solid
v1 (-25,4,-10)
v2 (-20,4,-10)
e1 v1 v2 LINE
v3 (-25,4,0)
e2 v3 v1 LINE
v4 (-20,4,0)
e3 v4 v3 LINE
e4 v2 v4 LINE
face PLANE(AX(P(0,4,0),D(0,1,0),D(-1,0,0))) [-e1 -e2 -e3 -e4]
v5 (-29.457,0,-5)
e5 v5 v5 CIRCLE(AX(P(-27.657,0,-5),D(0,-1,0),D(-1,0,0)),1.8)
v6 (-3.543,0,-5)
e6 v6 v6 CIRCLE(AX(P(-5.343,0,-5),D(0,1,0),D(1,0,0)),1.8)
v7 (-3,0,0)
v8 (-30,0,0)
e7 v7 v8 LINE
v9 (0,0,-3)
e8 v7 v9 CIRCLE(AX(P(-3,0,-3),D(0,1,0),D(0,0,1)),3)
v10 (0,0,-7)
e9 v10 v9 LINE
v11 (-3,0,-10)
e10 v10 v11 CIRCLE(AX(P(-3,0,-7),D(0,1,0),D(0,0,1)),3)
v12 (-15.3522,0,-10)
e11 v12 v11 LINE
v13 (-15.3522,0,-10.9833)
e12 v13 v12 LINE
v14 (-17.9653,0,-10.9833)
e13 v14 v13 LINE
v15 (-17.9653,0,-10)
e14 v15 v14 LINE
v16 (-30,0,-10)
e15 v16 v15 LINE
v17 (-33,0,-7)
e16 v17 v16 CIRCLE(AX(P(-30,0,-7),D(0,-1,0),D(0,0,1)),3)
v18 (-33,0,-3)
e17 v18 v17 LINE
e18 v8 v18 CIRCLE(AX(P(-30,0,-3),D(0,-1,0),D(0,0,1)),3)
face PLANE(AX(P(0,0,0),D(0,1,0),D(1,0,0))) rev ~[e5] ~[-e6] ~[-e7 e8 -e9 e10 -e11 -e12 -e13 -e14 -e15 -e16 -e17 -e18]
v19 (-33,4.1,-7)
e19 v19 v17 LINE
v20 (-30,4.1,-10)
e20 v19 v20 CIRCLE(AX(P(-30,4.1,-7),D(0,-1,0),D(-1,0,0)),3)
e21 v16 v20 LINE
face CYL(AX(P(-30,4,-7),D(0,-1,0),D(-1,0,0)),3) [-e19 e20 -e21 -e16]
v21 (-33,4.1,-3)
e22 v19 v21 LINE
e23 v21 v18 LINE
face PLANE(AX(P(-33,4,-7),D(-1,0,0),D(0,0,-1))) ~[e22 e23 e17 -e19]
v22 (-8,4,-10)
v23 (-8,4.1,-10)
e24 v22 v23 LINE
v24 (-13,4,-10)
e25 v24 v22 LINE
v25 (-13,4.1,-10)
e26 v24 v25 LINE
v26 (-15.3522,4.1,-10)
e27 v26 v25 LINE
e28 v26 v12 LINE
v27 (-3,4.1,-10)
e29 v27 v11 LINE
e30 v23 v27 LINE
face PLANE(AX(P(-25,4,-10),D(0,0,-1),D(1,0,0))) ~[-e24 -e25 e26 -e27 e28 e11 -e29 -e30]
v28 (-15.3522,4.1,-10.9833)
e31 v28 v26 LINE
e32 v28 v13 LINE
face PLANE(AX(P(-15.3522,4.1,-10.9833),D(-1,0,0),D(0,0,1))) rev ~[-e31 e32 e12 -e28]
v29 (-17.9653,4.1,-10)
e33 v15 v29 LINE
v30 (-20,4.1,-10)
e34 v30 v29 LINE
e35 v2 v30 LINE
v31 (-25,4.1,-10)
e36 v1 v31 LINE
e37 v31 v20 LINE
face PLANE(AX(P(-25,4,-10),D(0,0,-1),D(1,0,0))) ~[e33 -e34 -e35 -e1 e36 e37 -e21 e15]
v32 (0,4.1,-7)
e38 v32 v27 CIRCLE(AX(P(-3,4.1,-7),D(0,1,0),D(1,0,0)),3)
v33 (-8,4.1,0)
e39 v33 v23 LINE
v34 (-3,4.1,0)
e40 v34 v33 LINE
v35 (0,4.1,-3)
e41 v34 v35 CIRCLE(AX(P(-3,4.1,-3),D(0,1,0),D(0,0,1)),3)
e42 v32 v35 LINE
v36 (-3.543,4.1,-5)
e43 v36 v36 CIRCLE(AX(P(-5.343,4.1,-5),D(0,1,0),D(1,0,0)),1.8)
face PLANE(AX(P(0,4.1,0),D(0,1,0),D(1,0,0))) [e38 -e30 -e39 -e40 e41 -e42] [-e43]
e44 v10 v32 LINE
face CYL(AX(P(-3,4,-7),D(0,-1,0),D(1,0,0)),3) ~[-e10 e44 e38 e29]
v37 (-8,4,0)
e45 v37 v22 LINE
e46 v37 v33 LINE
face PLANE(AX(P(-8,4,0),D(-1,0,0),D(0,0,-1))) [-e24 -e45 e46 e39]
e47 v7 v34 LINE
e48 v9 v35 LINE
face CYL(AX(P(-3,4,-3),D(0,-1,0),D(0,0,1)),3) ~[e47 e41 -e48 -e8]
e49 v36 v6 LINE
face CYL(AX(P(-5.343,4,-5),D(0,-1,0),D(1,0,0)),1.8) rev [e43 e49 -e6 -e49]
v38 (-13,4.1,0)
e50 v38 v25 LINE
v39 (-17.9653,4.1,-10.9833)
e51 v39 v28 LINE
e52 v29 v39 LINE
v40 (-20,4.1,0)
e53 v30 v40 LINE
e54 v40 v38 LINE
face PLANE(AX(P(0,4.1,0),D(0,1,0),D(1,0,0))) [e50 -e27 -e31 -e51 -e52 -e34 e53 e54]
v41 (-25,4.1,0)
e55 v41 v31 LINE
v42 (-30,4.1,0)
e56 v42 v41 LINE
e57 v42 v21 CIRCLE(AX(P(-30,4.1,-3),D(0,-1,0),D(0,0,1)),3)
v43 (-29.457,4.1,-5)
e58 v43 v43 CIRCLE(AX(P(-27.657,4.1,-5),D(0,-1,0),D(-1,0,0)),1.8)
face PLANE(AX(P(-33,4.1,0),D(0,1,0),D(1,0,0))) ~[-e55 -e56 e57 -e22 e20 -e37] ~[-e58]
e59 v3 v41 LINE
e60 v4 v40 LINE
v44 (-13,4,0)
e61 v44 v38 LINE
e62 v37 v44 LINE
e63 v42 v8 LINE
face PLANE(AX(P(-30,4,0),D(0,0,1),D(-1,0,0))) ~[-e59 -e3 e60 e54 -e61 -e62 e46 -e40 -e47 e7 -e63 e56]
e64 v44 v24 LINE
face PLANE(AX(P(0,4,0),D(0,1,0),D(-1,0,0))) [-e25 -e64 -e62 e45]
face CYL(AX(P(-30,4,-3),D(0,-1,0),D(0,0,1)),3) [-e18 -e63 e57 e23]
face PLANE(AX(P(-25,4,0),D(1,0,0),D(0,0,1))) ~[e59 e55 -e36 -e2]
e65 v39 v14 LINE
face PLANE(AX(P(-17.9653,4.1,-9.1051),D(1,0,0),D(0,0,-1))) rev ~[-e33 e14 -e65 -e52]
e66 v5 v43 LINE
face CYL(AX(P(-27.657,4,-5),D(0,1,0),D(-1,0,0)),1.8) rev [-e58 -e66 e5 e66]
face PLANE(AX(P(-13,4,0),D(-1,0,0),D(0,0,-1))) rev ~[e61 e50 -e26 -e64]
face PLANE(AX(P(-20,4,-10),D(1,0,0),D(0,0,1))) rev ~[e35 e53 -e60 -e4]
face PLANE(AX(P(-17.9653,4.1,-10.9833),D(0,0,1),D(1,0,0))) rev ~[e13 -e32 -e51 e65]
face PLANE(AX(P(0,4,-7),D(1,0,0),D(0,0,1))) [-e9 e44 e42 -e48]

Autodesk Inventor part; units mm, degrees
ref_plane "YZ Plane" through (0, 0, 0) normal (1, 0, 0) x (0, 1, 0)
ref_plane "XZ Plane" through (0, 0, 0) normal (0, 1, 0) x (-1, 0, 0)
sketch "Sketch1" plane through (0, 0, 0) normal (0, 1, 0) x (-1, 0, 0)
  line L0 (0, 0) -> (33, 0)
  line L1 (33, 0) -> (33, -10)
  line L2 (33, -10) -> (0, -10)
  line L3 (0, -10) -> (0, 0)
  dimension "d0" = 33
  dimension "d1" = 10
extrude "Extrusion1" add sketch "Sketch1" along normal blind 4
sketch "Sketch2" plane through (0, 4, 0) normal (0, 1, 0) x (1, 0, 0)
  circle A0 centre (-5.343, 5) radius 1.8
  point P0 (0, 0)
  dimension "d9" = 3.6
extrude "Extrusion2" cut sketch "Sketch2" against normal blind 4
ref_plane "Work Plane1" through (-16.5, 0, 0) normal (1, 0, 0) x (0, 0, -1)
mirror "Mirror1" about plane through (-16.5, 0, 0) normal (1, 0, 0) of "Extrusion2"
fillet "Fillet1" radius 3 4 edges at (-33, 2, 0) (-33, 2, -10) (0, 2, 0) (0, 2, -10)
sketch "Sketch3" plane through (0, 4, 0) normal (0, 1, 0) x (1, 0, 0)
  line L0 (-30, 0) -> (-3, 0) projected
  line L1 (-30, 10) -> (-3, 10) projected
  line L2 (-20, 0) -> (-13, 0)
  line L3 (-13, 0) -> (-13, 10)
  line L4 (-13, 10) -> (-20, 10)
  line L5 (-20, 10) -> (-20, 0)
  point P0 (0, 0)
  dimension "d10" = 7
  dimension "d11" = 10
extrude "Extrusion3" add sketch "Sketch3" along normal blind 0.1
sketch "Sketch4" plane through (0, 4, 0) normal (0, 1, 0) x (1, 0, 0)
  line L0 (-3, 0) -> (-8, 0)
  line L1 (-8, 0) -> (-8, 10)
  line L2 (-8, 10) -> (-3, 10)
  line L3 (0, 7) -> (0, 3)
  arc A0 (-3, 0) -> (0, 3) centre (-3, 3) ccw
  arc A1 (0, 7) -> (-3, 10) centre (-3, 7) ccw
  circle A2 centre (-5.343, 5) radius 1.8 projected
  circle A3 centre (-5.343, 5) radius 1.8
  point P0 (0, 0)
  point P1 (0, 10)
  dimension "d14" = 8
  dimension "d15" = 10
  dimension "d16" = 3
extrude "Extrusion4" add sketch "Sketch4" along normal blind 0.1
mirror "Mirror2" about plane through (-16.5, 0, 0) normal (1, 0, 0) of "Extrusion4"
sketch "Sketch6" plane through (0, 4.1, 0) normal (0, 1, 0) x (1, 0, 0)
  line L0 (-15.3522, 9.1051) -> (-17.9653, 9.1051)
  line L1 (-17.9653, 9.1051) -> (-17.9653, 10.9833)
  line L2 (-17.9653, 10.9833) -> (-15.3522, 10.9833)
  line L3 (-15.3522, 10.9833) -> (-15.3522, 9.1051)
  point P0 (0, 0)
extrude "Extrusion6" add sketch "Sketch6" against normal up to surface (4.1 mm away)
properties part number "8 peristaltic pump clamp 0.1mm"
